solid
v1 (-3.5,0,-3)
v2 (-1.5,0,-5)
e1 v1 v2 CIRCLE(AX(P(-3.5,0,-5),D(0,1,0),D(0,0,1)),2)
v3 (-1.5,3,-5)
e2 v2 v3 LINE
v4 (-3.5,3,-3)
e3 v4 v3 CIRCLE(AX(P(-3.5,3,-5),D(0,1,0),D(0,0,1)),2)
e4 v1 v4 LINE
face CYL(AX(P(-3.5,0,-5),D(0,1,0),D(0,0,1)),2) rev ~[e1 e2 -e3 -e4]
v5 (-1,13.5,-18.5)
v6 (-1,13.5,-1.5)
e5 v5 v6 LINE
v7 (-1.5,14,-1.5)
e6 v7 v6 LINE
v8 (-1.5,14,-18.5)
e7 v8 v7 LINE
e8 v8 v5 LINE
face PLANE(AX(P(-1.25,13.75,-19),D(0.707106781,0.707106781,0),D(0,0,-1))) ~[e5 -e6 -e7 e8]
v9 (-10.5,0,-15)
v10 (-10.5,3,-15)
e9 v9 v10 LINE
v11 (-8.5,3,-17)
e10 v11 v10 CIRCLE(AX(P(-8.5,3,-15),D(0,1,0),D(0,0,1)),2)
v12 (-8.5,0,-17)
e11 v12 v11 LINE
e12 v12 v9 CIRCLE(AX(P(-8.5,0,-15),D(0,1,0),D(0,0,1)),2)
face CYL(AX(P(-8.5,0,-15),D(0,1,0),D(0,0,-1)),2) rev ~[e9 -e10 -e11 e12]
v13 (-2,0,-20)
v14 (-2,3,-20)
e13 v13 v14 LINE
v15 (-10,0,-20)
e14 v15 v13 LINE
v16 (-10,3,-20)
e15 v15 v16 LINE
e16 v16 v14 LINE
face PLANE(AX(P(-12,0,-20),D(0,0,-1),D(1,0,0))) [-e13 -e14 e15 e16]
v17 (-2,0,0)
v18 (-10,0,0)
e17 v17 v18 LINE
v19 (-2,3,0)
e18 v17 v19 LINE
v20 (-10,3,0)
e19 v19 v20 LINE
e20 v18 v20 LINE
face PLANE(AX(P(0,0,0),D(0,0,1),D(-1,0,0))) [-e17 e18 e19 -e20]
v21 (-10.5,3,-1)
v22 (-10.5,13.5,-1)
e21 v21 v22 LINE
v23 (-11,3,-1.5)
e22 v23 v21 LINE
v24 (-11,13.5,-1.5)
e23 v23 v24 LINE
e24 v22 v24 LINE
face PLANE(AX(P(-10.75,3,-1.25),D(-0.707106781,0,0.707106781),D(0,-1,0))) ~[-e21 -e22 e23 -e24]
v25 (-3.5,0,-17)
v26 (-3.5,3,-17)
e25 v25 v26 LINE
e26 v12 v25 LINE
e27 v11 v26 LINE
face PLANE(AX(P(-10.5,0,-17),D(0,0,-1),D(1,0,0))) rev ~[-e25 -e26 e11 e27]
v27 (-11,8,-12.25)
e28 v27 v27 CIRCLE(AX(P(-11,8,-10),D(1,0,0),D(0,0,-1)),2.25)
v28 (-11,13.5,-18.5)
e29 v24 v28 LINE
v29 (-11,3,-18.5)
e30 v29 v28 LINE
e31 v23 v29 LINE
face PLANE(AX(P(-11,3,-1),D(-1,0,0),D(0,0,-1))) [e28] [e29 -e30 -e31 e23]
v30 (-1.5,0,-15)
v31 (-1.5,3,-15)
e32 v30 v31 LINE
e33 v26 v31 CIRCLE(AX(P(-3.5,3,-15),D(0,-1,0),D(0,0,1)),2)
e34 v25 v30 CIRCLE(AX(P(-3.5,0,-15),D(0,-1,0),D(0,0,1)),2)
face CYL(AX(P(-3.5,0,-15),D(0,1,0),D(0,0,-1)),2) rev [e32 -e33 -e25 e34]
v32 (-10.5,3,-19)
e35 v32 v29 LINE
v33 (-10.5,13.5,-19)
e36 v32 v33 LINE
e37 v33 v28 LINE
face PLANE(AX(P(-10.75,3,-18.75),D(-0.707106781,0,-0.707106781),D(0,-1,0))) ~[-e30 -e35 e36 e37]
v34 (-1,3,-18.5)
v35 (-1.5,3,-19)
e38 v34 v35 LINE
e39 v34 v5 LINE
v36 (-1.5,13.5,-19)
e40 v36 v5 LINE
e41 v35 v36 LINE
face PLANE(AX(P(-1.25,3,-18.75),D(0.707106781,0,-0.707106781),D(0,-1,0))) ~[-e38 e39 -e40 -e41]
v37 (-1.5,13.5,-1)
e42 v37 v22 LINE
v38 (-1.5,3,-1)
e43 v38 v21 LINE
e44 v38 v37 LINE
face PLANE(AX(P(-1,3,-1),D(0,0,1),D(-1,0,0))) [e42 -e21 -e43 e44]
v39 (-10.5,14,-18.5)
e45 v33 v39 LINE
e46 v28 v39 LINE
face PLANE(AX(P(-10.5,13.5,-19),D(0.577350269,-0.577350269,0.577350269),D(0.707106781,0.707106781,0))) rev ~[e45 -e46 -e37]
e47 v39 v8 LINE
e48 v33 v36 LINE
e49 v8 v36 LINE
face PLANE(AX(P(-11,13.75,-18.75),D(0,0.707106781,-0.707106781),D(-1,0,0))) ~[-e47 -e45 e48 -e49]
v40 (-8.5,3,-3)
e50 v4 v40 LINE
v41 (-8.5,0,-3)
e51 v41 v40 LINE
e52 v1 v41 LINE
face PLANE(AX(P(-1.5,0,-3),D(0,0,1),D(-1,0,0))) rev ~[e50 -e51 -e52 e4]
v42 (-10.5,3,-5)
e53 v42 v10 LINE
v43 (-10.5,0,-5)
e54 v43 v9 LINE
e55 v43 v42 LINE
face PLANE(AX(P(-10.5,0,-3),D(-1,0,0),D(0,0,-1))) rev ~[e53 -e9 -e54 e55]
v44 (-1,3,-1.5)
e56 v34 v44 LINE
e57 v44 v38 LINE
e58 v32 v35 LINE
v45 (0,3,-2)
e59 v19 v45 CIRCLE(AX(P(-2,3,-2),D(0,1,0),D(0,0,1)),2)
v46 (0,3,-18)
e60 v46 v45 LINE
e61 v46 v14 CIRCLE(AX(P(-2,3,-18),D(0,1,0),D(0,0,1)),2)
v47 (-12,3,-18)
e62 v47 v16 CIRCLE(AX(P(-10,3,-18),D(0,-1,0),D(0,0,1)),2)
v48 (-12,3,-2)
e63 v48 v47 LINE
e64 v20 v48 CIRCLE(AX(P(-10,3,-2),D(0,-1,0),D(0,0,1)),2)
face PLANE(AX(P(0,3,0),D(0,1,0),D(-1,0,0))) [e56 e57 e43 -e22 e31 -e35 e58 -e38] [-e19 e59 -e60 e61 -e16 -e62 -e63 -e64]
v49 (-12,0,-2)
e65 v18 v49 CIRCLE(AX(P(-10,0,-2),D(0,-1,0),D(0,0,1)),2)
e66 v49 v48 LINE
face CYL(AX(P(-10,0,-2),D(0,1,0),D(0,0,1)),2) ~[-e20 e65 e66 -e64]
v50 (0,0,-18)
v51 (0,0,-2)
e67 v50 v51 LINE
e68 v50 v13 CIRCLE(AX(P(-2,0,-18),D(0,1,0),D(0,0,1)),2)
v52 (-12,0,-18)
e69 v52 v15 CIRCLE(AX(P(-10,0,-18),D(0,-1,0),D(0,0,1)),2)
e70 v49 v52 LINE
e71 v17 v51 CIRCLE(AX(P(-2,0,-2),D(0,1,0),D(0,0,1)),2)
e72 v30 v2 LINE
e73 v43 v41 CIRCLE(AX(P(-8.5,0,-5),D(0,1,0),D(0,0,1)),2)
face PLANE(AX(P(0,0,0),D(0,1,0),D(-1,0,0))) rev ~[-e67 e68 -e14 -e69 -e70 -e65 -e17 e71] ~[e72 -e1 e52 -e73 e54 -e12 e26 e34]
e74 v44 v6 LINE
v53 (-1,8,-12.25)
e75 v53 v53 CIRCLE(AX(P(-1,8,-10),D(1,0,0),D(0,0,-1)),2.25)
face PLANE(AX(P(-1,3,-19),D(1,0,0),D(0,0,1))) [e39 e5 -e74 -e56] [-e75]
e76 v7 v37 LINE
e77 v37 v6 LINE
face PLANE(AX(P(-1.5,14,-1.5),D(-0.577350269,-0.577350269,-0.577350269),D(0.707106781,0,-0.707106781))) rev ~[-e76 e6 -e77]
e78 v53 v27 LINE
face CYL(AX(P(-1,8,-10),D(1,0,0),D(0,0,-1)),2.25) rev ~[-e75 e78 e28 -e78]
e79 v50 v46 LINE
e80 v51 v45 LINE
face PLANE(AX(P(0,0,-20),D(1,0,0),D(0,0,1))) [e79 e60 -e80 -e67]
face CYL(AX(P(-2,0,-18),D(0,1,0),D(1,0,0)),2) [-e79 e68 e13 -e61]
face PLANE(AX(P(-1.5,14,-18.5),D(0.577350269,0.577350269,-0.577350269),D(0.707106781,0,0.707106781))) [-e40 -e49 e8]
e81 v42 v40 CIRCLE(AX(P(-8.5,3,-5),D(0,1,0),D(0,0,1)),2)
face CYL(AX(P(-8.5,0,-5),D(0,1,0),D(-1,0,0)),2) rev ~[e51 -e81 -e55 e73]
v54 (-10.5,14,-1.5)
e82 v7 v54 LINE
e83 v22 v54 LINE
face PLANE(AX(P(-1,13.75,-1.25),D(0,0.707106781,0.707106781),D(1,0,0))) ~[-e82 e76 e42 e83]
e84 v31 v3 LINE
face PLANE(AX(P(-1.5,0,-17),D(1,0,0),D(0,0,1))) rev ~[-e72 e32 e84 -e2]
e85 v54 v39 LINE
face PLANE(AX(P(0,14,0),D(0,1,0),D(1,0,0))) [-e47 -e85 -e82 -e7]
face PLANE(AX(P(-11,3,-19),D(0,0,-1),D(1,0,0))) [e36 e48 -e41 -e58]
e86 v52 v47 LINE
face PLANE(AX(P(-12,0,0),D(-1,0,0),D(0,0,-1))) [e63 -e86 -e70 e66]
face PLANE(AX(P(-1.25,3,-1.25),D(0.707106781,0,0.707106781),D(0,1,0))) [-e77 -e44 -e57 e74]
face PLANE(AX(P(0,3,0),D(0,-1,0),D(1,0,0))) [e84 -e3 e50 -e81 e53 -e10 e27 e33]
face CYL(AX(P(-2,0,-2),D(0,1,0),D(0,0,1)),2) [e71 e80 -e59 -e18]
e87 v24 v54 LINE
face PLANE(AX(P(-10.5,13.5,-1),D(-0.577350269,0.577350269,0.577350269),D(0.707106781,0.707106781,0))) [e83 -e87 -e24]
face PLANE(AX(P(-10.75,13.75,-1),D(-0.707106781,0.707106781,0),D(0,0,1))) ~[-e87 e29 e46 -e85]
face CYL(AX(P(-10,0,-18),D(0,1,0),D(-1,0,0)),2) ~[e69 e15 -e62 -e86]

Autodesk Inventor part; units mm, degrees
ref_plane "YZ Plane" through (0, 0, 0) normal (1, 0, 0) x (0, 1, 0)
ref_plane "XZ Plane" through (0, 0, 0) normal (0, 1, 0) x (-1, 0, 0)
ref_plane "XY Plane" through (0, 0, 0) normal (0, 0, 1) x (1, 0, 0)
sketch "Sketch1" plane through (0, 0, 0) normal (0, 1, 0) x (-1, 0, 0)
  line L0 (0, 0) -> (12, 0)
  line L1 (12, 0) -> (12, -20)
  line L2 (12, -20) -> (0, -20)
  line L3 (0, -20) -> (0, 0)
  dimension "d0" = 12
  dimension "d1" = 20
extrude "Extrusion1" add sketch "Sketch1" along normal blind 3
sketch "Sketch2" plane through (0, 3, 0) normal (0, 1, 0) x (1, 0, 0)
  line L0 (-12, 20) -> (-12, 0) construction
  line L1 (-12, 10) -> (0, 10) construction
  line L2 (0, 0) -> (0, 20) construction
  line L3 (-1, 1) -> (-11, 1) construction
  line L4 (-11, 1) -> (-11, 19) construction
  line L5 (-11, 19) -> (-1, 19) construction
  line L6 (-1, 19) -> (-1, 1) construction
  line L7 (-1, 1) -> (-11, 19) construction
  line L8 (-11, 1) -> (-1, 19) construction
  line L9 (-1, 1) -> (-11, 1)
  line L10 (-11, 1) -> (-11, 19)
  line L11 (-11, 19) -> (-1, 19)
  line L12 (-1, 19) -> (-1, 1)
  line L13 (-1, 1) -> (-11, 19) construction
  line L14 (-11, 1) -> (-1, 19) construction
  point P0 (-6, 10)
  point P1 (-6, 10)
  dimension "d4" = 10
  dimension "d5" = 18
extrude "Extrusion2" add sketch "Sketch2" along normal blind 11
sketch "Sketch3" plane through (-1, 3, -1) normal (1, 0, 0) x (0, 0, -1)
  line L0 (19, -3) -> (-1, -3) construction
  line L1 (9, -3) -> (9, 5) construction
  circle A0 centre (9, 5) radius 2.25
  dimension "d8" = 8
  dimension "d9" = 4.5
extrude "Extrusion3" cut sketch "Sketch3" against normal blind 10
sketch "Sketch4" plane through (0, 0, 0) normal (0, -1, 0) x (1, 0, 0)
  line L0 (0, 0) -> (0, -20) construction
  line L1 (0, -10) -> (-12, -10) construction
  line L2 (-12, -20) -> (-12, 0) construction
  line L3 (-10.5, -3) -> (-1.5, -3) construction
  line L4 (-1.5, -3) -> (-1.5, -17) construction
  line L5 (-1.5, -17) -> (-10.5, -17) construction
  line L6 (-10.5, -17) -> (-10.5, -3) construction
  line L7 (-10.5, -3) -> (-1.5, -17) construction
  line L8 (-1.5, -3) -> (-10.5, -17) construction
  line L9 (-1.5, -3) -> (-10.5, -3) construction
  line L10 (-10.5, -3) -> (-10.5, -17) construction
  line L11 (-10.5, -17) -> (-1.5, -17) construction
  line L12 (-1.5, -17) -> (-1.5, -3) construction
  line L13 (-1.5, -3) -> (-10.5, -3)
  line L14 (-10.5, -3) -> (-10.5, -17)
  line L15 (-10.5, -17) -> (-1.5, -17)
  line L16 (-1.5, -17) -> (-1.5, -3)
  point P0 (-6, -10)
  dimension "d12" = 9
  dimension "d13" = 14
extrude "Extrusion4" cut sketch "Sketch4" against normal blind 3
fillet "Fillet1" radius 2 8 edges at (-1.5, 1.5, -3) (-1.5, 1.5, -17) (-10.5, 1.5, -3) (-10.5, 1.5, -17) (0, 1.5, 0) (0, 1.5, -20) (-12, 1.5, 0) (-12, 1.5, -20)
chamfer "Chamfer1" distance 0.5 angle 45 8 edges at (-1, 8.5, -1) (-11, 14, -10) (-1, 8.5, -19) (-11, 8.5, -19) (-11, 8.5, -1) (-6, 14, -1) (-6, 14, -19) (-1, 14, -10)
properties part number "Steam Chest Slide Valve" material "Brass, Soft Yellow"
